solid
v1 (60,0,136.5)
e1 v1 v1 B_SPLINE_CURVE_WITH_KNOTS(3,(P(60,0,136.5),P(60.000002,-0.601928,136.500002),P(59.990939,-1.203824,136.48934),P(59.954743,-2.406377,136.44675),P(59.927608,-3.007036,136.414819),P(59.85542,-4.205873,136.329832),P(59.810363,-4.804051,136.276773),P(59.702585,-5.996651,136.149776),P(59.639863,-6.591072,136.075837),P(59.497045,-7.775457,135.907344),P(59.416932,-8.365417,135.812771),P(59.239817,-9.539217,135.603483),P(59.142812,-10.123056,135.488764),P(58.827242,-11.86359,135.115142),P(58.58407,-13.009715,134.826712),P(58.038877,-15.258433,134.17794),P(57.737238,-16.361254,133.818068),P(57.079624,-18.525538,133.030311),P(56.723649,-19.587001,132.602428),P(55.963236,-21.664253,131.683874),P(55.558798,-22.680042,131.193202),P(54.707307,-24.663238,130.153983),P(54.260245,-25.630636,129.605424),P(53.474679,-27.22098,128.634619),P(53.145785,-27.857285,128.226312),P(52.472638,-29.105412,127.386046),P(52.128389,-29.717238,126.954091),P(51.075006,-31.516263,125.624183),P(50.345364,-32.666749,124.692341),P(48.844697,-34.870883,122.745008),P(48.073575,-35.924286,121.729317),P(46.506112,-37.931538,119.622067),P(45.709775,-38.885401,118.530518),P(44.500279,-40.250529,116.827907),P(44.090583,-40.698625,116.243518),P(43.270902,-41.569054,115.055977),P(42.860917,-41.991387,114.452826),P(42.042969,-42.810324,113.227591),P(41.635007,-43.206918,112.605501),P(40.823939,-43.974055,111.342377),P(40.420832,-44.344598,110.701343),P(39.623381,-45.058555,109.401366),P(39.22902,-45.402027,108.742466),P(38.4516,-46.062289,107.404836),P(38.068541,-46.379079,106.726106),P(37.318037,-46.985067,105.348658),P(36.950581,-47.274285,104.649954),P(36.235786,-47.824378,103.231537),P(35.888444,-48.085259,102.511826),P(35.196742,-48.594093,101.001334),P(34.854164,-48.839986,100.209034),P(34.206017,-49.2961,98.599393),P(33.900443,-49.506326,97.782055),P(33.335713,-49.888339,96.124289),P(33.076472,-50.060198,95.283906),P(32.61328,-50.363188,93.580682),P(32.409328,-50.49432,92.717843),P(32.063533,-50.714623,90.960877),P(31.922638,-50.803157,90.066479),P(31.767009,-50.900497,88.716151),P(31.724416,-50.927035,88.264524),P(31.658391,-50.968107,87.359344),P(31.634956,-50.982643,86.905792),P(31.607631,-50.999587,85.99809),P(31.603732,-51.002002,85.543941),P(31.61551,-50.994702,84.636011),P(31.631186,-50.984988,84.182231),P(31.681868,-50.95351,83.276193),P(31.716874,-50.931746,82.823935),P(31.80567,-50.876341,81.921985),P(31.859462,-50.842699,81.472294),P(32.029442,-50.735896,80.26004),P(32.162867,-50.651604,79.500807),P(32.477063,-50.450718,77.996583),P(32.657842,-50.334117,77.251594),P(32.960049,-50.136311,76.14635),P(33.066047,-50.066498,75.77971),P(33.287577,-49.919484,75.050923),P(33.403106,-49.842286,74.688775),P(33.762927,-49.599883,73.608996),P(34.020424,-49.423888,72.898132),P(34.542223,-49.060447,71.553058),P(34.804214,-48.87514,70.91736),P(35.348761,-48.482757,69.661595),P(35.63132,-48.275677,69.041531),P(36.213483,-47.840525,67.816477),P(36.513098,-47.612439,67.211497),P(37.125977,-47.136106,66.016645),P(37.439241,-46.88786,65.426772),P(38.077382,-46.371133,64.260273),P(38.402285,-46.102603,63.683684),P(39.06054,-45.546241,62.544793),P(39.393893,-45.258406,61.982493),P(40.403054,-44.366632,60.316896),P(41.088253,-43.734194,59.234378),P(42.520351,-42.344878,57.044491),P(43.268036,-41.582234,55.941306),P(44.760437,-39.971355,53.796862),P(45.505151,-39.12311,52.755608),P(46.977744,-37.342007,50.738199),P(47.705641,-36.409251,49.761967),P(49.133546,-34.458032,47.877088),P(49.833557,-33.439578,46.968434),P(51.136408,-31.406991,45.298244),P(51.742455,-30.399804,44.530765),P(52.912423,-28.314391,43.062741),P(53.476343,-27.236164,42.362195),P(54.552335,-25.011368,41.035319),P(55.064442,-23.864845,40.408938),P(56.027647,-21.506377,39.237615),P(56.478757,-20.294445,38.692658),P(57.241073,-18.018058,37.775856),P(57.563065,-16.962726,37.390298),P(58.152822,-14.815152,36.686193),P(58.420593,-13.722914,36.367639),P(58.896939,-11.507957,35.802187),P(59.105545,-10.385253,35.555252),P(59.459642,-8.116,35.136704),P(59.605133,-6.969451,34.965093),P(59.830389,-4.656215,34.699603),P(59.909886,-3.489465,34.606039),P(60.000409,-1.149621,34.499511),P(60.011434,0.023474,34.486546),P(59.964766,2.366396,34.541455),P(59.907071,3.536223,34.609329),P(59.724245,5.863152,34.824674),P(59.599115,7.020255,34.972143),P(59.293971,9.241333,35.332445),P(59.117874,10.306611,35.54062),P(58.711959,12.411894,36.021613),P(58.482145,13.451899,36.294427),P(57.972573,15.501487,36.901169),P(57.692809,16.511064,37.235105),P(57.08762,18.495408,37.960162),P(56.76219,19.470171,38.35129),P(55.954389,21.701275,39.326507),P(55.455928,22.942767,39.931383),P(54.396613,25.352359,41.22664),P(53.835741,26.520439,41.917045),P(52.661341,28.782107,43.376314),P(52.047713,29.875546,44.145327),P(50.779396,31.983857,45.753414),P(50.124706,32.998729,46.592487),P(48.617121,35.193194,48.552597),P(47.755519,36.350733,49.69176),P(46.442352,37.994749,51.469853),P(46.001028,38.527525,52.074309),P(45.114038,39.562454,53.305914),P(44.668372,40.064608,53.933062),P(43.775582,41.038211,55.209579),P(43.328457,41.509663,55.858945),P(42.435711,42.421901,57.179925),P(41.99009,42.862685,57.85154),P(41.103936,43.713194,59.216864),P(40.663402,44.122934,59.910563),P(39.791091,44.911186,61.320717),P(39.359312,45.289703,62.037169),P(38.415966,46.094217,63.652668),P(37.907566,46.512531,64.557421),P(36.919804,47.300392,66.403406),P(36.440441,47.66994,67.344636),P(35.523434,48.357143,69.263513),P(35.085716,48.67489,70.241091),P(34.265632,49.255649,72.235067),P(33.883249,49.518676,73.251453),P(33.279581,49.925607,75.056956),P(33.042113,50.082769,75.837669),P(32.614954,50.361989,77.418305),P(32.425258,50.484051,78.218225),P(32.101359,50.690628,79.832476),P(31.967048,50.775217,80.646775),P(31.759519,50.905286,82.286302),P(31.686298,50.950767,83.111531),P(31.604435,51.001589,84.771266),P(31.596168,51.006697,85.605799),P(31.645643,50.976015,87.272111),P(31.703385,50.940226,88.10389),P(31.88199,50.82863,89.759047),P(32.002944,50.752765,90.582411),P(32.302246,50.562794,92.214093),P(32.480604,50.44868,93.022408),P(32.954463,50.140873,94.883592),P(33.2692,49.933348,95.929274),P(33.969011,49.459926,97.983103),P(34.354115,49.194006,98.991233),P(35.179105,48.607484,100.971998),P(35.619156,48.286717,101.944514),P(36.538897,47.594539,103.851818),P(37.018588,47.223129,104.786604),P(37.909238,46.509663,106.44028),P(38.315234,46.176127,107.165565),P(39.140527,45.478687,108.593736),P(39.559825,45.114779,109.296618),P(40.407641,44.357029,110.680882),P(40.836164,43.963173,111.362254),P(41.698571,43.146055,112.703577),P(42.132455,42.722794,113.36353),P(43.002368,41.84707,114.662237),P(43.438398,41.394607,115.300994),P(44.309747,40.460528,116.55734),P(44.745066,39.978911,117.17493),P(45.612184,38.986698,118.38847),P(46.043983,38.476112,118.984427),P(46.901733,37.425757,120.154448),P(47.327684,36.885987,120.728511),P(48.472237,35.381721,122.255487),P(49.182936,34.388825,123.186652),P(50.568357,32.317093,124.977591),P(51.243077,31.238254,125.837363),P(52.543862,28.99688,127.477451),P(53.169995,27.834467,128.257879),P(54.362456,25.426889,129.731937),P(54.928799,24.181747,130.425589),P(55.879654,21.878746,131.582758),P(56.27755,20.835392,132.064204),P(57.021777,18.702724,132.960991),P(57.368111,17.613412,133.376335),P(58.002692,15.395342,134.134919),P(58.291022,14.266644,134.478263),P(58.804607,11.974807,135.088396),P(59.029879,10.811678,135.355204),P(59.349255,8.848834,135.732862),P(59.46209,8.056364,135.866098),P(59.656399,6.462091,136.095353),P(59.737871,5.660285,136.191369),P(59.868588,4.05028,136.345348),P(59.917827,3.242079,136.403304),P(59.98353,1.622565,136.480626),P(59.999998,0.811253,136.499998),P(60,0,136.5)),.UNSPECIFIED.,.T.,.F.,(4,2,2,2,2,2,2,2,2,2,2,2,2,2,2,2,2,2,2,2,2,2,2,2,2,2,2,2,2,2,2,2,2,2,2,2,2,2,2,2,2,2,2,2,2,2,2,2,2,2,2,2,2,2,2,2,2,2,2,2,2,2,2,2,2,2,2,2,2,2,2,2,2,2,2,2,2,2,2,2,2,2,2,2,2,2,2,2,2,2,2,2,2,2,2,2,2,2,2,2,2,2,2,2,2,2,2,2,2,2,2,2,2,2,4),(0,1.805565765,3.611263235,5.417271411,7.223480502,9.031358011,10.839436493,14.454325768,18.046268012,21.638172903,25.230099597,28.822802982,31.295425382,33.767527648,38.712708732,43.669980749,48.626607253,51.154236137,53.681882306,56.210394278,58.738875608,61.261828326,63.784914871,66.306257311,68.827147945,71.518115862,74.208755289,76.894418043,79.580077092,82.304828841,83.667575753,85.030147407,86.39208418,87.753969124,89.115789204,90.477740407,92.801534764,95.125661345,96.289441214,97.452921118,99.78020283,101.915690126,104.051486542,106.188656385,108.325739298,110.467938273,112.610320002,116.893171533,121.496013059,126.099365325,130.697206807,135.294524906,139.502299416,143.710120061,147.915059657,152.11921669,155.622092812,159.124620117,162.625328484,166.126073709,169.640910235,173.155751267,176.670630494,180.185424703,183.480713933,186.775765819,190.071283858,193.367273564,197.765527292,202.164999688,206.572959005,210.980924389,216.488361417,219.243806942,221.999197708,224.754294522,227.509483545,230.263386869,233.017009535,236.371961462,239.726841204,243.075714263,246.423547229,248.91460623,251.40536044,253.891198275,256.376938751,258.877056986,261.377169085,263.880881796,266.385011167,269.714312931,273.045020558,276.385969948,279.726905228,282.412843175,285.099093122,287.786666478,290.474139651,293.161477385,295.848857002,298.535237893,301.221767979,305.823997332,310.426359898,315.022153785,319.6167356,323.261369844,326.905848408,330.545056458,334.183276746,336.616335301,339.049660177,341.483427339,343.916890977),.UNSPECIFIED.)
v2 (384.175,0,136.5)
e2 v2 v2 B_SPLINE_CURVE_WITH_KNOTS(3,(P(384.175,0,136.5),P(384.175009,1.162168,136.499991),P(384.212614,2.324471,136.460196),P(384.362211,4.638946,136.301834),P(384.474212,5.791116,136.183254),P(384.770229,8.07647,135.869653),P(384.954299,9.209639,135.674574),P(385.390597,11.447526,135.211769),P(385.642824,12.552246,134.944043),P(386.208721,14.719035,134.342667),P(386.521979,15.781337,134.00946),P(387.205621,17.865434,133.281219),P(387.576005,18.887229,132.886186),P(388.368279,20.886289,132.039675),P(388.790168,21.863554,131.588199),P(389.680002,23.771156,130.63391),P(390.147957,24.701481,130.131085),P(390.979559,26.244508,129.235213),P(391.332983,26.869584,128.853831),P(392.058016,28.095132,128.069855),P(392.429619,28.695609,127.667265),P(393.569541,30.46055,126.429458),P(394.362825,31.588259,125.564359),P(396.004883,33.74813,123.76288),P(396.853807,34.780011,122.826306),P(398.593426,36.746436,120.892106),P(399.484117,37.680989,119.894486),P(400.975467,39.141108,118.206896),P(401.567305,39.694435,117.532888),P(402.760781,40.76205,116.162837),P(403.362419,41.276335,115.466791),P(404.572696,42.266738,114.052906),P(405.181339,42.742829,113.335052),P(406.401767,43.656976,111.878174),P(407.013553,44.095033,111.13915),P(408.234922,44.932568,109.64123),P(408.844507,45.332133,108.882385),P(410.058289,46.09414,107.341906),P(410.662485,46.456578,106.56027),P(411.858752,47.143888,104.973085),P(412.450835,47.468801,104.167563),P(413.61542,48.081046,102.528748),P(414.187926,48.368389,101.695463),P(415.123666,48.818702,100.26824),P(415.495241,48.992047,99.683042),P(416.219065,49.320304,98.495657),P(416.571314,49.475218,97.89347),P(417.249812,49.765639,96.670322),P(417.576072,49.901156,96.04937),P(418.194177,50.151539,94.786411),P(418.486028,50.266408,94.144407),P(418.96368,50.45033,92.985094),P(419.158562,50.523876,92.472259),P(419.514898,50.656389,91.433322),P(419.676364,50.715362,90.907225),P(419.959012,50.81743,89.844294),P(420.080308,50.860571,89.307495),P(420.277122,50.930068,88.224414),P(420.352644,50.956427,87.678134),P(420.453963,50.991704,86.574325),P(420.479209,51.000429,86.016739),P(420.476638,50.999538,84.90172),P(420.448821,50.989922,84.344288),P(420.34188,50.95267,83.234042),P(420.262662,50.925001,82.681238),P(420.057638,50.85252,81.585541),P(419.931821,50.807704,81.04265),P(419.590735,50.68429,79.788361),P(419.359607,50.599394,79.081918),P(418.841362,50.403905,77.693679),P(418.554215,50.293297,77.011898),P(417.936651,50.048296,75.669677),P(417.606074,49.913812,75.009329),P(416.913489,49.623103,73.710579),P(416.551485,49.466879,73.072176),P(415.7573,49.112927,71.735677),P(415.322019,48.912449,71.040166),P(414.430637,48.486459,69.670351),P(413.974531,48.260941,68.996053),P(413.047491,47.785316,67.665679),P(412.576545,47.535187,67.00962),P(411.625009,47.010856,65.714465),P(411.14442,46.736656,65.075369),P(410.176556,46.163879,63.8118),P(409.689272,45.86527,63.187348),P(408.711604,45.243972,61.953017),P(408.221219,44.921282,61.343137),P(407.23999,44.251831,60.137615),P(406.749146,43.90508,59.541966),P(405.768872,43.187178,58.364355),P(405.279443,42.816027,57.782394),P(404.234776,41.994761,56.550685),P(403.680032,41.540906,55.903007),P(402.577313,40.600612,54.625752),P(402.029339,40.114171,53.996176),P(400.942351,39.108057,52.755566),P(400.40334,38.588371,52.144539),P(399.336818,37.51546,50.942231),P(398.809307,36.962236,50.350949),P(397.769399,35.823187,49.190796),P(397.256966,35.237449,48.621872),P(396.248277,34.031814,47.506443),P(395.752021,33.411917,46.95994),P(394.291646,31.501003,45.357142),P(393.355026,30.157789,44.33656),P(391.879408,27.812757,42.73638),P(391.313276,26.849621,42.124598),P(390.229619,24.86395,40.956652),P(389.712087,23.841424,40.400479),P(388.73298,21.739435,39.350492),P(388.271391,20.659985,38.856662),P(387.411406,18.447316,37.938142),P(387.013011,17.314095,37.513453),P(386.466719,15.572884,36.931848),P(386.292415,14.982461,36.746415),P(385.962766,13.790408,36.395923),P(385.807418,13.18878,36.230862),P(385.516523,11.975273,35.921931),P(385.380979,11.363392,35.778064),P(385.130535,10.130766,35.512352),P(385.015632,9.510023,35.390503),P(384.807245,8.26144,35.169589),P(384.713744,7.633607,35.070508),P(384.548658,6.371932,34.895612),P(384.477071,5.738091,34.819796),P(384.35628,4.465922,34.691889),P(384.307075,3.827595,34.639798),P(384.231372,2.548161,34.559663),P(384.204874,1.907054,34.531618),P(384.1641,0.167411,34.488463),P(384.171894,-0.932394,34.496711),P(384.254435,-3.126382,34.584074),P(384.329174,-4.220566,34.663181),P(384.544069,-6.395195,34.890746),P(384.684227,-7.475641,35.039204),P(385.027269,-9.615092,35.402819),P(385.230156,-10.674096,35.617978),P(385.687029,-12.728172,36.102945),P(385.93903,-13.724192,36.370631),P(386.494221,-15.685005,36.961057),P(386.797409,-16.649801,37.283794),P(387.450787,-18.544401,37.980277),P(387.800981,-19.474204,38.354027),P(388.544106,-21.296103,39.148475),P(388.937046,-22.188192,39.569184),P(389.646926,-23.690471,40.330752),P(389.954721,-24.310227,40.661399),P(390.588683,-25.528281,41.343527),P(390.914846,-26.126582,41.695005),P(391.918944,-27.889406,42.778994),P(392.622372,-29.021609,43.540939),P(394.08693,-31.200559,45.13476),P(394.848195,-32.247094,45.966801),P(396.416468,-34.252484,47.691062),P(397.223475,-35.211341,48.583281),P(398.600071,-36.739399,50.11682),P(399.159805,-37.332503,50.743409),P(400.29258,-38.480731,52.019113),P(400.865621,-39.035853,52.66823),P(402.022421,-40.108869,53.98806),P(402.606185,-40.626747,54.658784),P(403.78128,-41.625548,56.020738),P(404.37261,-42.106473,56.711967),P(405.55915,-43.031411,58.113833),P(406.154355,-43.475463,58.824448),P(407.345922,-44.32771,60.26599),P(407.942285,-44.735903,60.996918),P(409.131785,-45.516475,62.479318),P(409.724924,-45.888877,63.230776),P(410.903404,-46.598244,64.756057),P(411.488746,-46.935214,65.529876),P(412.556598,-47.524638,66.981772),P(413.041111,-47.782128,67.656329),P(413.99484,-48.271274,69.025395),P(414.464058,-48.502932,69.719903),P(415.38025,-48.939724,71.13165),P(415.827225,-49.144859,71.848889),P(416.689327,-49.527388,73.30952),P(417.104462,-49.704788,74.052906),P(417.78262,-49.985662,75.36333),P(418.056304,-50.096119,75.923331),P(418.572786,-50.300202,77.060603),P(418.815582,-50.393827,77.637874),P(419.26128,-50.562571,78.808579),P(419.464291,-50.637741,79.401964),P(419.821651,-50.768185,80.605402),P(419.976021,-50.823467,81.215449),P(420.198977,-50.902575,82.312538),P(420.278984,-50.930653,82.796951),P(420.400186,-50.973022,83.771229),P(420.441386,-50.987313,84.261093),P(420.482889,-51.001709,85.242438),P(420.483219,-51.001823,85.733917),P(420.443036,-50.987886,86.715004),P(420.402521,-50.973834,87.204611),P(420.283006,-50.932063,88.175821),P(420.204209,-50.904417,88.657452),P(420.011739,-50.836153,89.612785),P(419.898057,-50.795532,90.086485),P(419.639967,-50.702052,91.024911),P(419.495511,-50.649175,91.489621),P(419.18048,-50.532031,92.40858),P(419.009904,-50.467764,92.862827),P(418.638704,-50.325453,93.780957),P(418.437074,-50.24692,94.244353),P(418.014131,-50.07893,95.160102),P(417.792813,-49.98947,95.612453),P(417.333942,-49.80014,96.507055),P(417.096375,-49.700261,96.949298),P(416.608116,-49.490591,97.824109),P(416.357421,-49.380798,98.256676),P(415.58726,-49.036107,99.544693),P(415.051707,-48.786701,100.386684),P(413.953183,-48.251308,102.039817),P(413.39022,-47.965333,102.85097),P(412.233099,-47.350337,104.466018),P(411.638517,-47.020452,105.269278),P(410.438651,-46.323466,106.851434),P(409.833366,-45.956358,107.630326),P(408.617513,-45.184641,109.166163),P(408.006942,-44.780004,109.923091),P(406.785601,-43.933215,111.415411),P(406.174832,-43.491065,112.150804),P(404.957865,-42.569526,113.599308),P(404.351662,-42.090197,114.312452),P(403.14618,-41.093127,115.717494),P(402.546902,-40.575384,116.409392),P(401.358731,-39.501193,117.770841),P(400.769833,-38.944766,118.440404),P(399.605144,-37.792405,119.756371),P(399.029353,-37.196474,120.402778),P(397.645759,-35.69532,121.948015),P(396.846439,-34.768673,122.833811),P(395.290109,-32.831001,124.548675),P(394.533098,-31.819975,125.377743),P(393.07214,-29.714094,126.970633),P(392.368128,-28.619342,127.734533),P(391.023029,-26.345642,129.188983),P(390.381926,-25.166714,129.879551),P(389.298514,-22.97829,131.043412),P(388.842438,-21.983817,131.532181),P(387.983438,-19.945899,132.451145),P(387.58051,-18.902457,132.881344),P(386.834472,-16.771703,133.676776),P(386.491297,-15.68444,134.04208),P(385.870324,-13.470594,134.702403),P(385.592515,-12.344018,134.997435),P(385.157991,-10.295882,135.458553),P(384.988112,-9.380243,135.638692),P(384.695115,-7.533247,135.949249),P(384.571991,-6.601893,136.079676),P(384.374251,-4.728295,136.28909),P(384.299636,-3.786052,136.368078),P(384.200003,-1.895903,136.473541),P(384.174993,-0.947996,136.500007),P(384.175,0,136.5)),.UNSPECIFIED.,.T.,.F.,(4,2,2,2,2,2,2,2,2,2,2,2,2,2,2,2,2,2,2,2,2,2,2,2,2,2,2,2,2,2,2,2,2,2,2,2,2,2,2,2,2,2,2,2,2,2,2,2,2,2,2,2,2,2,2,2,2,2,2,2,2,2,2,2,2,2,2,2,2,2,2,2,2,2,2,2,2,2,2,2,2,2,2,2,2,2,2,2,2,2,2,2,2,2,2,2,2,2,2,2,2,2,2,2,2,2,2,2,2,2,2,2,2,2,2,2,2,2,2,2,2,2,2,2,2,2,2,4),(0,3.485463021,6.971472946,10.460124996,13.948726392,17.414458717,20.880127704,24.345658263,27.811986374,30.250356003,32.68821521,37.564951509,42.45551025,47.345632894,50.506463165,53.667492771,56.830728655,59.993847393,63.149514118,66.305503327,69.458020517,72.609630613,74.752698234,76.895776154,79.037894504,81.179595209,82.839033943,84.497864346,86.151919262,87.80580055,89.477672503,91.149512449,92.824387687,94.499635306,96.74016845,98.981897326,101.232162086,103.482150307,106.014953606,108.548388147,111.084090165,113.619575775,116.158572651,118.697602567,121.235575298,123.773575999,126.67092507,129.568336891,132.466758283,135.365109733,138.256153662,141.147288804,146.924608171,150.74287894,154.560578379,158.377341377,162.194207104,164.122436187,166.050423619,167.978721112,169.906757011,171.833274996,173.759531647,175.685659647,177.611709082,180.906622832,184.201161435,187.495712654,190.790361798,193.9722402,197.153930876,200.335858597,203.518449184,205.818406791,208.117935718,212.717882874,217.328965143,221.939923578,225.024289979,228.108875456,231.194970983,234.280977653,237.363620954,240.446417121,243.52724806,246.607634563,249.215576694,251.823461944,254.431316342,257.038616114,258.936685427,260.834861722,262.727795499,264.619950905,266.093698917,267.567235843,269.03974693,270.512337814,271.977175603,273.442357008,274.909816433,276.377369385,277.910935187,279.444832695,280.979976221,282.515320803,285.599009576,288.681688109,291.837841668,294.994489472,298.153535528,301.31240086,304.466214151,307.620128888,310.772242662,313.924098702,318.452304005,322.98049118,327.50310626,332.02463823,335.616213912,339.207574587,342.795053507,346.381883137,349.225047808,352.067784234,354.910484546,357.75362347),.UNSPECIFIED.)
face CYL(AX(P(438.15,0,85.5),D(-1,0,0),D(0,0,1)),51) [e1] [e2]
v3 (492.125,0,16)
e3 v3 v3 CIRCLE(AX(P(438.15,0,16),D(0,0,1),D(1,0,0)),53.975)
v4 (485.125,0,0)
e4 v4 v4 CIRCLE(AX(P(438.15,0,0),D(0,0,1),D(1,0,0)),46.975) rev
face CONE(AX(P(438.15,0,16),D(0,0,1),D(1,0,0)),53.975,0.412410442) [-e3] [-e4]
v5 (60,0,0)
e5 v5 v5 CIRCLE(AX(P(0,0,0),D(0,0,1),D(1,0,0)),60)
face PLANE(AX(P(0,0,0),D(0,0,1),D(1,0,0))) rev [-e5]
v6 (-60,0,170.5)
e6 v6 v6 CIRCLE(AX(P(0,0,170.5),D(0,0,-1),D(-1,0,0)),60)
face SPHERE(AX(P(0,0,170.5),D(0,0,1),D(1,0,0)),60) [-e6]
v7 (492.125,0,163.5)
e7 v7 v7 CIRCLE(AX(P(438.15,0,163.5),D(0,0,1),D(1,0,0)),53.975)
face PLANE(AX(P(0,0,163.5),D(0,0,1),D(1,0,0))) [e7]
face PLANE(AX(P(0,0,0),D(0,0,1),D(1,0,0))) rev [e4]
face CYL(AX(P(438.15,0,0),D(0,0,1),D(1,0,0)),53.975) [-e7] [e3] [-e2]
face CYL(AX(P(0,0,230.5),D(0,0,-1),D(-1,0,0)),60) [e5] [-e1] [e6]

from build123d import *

# Parameters (mm, degrees)
SKETCH1_R                = 60
BOSS_EXTRUDE1_DEPTH      = 230.5
FILLET1_R                = 60
SKETCH2_R                = 51
BOSS_EXTRUDE2_DEPTH      = 438.15
BOSS_EXTRUDE3_DEPTH      = 78
BOSS_EXTRUDE3_DEPTH_BACK = 85.5
SKETCH3_R                = 53.975
CHAMFER1_SIZE            = 7
CHAMFER1_SIZE2           = 16


with BuildPart() as part:
    # Sketch1 → Boss-Extrude1 (new body)
    with BuildSketch(Plane.XY):
        Circle(SKETCH1_R)
    extrude(amount=BOSS_EXTRUDE1_DEPTH)

    # Fillet1
    fillet1_edges = [part.edges().sort_by_distance(p)[0] for p in [
        (-60, 0, 230.5),
    ]]
    fillet(fillet1_edges, radius=FILLET1_R)

    # Sketch2 → Boss-Extrude2 (add)
    with BuildSketch(Plane(origin=(0, 0, 0), x_dir=(0, 0, -1), z_dir=(1, 0, 0))):
        with Locations((-85.5, 0)):
            Circle(SKETCH2_R)
    extrude(amount=BOSS_EXTRUDE2_DEPTH)

    # Sketch3 → Boss-Extrude3 (add, two sides: drawn at the far end of the back side and taken through both)
    with BuildSketch(Plane.XY.offset(85.5).offset(-BOSS_EXTRUDE3_DEPTH_BACK)):
        with Locations((438.15, 0)):
            Circle(SKETCH3_R)
    extrude(amount=BOSS_EXTRUDE3_DEPTH + BOSS_EXTRUDE3_DEPTH_BACK)

    # Chamfer1
    chamfer1_edges = [part.edges().sort_by_distance(p)[0] for p in [
        (384.175, 0, 0),
    ]]
    chamfer1_side = [part.faces().sort_by_distance(p)[0] for p in [
        (438.15, 0, 0),
    ]]
    chamfer(chamfer1_edges, length=CHAMFER1_SIZE, length2=CHAMFER1_SIZE2, reference=chamfer1_side[0])


solid = part.part
